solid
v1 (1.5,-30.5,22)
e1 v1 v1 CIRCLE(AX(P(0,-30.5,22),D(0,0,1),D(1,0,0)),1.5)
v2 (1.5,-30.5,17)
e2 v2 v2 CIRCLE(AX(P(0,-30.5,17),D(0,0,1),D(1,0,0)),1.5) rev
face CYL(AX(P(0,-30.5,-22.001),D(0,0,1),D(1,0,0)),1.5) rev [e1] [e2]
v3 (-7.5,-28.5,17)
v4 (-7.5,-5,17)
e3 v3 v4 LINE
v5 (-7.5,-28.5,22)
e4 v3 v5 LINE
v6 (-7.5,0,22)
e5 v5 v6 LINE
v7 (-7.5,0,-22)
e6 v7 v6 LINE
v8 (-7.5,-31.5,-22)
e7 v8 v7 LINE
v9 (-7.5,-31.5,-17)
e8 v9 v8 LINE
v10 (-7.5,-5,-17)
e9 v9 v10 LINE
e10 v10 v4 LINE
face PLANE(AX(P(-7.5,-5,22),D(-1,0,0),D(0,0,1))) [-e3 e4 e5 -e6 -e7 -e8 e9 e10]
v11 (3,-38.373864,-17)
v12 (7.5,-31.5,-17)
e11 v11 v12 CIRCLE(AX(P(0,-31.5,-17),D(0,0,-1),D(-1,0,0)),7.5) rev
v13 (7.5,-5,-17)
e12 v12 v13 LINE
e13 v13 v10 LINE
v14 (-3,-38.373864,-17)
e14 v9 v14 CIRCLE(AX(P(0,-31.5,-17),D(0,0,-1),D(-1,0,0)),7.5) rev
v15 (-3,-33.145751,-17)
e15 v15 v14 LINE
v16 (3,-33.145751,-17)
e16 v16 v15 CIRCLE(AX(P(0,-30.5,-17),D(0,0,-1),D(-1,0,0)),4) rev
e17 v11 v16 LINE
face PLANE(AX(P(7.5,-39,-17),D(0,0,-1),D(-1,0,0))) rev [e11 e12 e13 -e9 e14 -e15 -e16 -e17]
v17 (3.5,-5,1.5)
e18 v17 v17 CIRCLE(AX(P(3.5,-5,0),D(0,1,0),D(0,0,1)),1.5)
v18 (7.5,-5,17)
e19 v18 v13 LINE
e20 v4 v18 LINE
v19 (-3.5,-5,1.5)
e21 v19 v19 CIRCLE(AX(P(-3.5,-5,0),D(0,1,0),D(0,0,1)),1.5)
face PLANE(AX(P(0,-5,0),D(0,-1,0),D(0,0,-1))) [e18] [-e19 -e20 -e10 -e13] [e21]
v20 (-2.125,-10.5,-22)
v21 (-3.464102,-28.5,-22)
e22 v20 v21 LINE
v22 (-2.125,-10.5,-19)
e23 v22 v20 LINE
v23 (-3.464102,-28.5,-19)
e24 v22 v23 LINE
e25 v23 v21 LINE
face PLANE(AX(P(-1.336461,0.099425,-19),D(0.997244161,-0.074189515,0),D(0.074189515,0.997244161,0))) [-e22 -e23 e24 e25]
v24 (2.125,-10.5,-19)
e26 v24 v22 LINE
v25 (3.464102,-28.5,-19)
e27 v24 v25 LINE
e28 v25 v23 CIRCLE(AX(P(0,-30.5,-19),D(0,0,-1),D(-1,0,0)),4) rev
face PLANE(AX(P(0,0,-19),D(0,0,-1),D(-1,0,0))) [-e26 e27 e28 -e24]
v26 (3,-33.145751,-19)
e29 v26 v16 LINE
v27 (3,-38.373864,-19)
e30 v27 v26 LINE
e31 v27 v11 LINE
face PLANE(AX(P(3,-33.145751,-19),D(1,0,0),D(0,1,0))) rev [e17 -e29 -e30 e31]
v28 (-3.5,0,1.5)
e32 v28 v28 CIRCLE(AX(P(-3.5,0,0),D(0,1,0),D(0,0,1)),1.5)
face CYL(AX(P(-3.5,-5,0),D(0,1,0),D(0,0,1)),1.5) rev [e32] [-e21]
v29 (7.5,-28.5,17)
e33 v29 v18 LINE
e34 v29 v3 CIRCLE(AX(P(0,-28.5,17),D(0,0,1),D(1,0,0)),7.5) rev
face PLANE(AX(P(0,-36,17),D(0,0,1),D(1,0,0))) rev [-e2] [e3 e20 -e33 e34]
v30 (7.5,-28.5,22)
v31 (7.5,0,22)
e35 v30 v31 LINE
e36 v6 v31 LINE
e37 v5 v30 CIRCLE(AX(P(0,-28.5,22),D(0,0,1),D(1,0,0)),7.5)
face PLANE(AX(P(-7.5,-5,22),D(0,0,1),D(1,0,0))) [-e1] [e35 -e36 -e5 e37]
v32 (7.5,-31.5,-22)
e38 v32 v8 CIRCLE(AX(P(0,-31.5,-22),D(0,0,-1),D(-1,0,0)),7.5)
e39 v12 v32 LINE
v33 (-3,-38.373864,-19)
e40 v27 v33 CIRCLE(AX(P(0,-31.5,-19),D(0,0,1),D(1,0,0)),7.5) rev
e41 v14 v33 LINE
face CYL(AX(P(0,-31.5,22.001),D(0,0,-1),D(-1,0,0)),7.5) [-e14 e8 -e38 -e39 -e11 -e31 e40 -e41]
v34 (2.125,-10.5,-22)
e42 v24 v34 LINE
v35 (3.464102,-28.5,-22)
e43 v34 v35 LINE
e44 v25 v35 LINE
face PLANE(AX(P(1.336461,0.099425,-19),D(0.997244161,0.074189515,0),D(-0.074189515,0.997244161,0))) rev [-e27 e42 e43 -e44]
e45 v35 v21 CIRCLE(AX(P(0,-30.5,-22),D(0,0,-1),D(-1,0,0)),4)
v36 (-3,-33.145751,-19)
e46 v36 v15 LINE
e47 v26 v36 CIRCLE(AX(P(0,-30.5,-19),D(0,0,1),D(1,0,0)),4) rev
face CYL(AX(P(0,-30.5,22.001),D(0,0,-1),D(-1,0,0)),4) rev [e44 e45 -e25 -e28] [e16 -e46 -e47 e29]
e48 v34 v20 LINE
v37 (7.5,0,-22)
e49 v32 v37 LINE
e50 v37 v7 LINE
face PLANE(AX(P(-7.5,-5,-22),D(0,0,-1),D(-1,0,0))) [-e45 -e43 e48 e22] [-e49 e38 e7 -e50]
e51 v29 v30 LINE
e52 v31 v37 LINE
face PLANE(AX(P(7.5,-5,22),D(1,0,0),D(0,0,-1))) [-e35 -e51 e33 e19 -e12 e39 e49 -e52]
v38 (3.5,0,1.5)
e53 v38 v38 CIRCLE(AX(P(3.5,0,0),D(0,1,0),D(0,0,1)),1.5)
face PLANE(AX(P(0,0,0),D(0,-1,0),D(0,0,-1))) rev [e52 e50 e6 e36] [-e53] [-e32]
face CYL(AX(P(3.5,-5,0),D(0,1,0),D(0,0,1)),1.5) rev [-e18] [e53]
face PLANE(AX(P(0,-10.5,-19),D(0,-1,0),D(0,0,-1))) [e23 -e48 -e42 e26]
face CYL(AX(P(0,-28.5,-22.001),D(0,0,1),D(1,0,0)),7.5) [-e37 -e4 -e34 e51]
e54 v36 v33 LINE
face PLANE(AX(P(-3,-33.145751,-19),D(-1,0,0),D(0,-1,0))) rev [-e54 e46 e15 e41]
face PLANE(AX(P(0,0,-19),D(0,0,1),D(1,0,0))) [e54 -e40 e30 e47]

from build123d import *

# Parameters (mm, degrees)
CROQUIS1_W              = 15
CROQUIS1_H              = 44
CROQUIS1_R              = 1.5
SALIENTE_EXTRUIR1_DEPTH = 5
CROQUIS2_W              = 15
CROQUIS2_H              = 5
SALIENTE_EXTRUIR2_DEPTH = 34
CROQUIS2_3_W            = 15
CROQUIS2_3_H            = 5
SALIENTE_EXTRUIR3_DEPTH = 31
CORTAR_EXTRUIR1_REACH   = 61.273
CROQUIS3_R              = 1.5
CORTAR_EXTRUIR2_REACH   = 61.273
CROQUIS4_R              = 4
CROQUIS5_W              = 6
CROQUIS5_H              = 5.854248689
CORTAR_EXTRUIR3_DEPTH   = 2
CORTAR_EXTRUIR4_DEPTH   = 3


with BuildPart() as part:
    # Croquis1 → Saliente-Extruir1 (new body)
    with BuildSketch(Plane(origin=(0, 0, 0), x_dir=(1, 0, 0), z_dir=(0, 1, 0))):
        Rectangle(CROQUIS1_W, CROQUIS1_H)
        with Locations((3.5, 0)):
            Circle(CROQUIS1_R, mode=Mode.SUBTRACT)
        with Locations((-3.5, 0)):
            Circle(CROQUIS1_R, mode=Mode.SUBTRACT)
    extrude(amount=-SALIENTE_EXTRUIR1_DEPTH)

    # Croquis2 → Saliente-Extruir2 (add)
    with BuildSketch(Plane.XZ.offset(5)):
        with Locations((0, -19.5)):
            Rectangle(CROQUIS2_W, CROQUIS2_H)
    extrude(amount=SALIENTE_EXTRUIR2_DEPTH)

    # Croquis2<3> → Saliente-Extruir3 (add)
    with BuildSketch(Plane.XZ.offset(5)):
        with Locations((0, 19.5)):
            Rectangle(CROQUIS2_3_W, CROQUIS2_3_H)
    extrude(amount=SALIENTE_EXTRUIR3_DEPTH)

    # Croquis3 → Cortar-Extruir1 (cut, up to next)
    with BuildSketch(Plane.XY.offset(22), mode=Mode.PRIVATE) as cortar_extruir1_sk1:
        with BuildLine():
            ThreePointArc((0, -36), (-5.303300859, -33.803300859), (-7.5, -28.5))
            Line((-7.5, -28.5), (-7.5, -36))
            Line((-7.5, -36), (0, -36))
        make_face()
    cortar_extruir1_tool1 = extrude(cortar_extruir1_sk1.sketch, amount=-CORTAR_EXTRUIR1_REACH, mode=Mode.PRIVATE) & part.part
    # Croquis3 → Cortar-Extruir1 (cut, up to next)
    with BuildSketch(Plane.XY.offset(22), mode=Mode.PRIVATE) as cortar_extruir1_sk2:
        with BuildLine():
            Line((7.5, -36), (7.5, -28.5))
            ThreePointArc((7.5, -28.5), (5.303300859, -33.803300859), (0, -36))
            Line((0, -36), (7.5, -36))
        make_face()
    cortar_extruir1_tool2 = extrude(cortar_extruir1_sk2.sketch, amount=-CORTAR_EXTRUIR1_REACH, mode=Mode.PRIVATE) & part.part
    # Croquis3 → Cortar-Extruir1 (cut, up to next)
    with BuildSketch(Plane.XY.offset(22), mode=Mode.PRIVATE) as cortar_extruir1_sk3:
        with Locations((0, -30.5)):
            Circle(CROQUIS3_R)
    cortar_extruir1_tool3 = extrude(cortar_extruir1_sk3.sketch, amount=-CORTAR_EXTRUIR1_REACH, mode=Mode.PRIVATE) & part.part
    add(cortar_extruir1_tool1.solids().sort_by_distance((-5.82474, -34.32474, 22))[0], mode=Mode.SUBTRACT)
    add(cortar_extruir1_tool2.solids().sort_by_distance((5.82474, -34.32474, 22))[0], mode=Mode.SUBTRACT)
    add(cortar_extruir1_tool3.solids().sort_by_distance((0, -30.5, 22))[0], mode=Mode.SUBTRACT)

    # Croquis4 → Cortar-Extruir2 (cut, up to next)
    with BuildSketch(Plane(origin=(0, 0, -22), x_dir=(-1, 0, 0), z_dir=(0, 0, -1)), mode=Mode.PRIVATE) as cortar_extruir2_sk1:
        with Locations((0, -30.5)):
            Circle(CROQUIS4_R)
    cortar_extruir2_tool1 = extrude(cortar_extruir2_sk1.sketch, amount=-CORTAR_EXTRUIR2_REACH, mode=Mode.PRIVATE) & part.part
    # Croquis4 → Cortar-Extruir2 (cut, up to next)
    with BuildSketch(Plane(origin=(0, 0, -22), x_dir=(-1, 0, 0), z_dir=(0, 0, -1)), mode=Mode.PRIVATE) as cortar_extruir2_sk2:
        with BuildLine():
            Line((7.5, -39), (7.5, -31.5))
            ThreePointArc((7.5, -31.5), (5.303300859, -36.803300859), (0, -39))
            Line((0, -39), (7.5, -39))
        make_face()
    cortar_extruir2_tool2 = extrude(cortar_extruir2_sk2.sketch, amount=-CORTAR_EXTRUIR2_REACH, mode=Mode.PRIVATE) & part.part
    # Croquis4 → Cortar-Extruir2 (cut, up to next)
    with BuildSketch(Plane(origin=(0, 0, -22), x_dir=(-1, 0, 0), z_dir=(0, 0, -1)), mode=Mode.PRIVATE) as cortar_extruir2_sk3:
        with BuildLine():
            ThreePointArc((0, -39), (-5.303300862, -36.803300856), (-7.5, -31.499999991))
            Line((-7.5, -31.499999991), (-7.5, -39))
            Line((-7.5, -39), (0, -39))
        make_face()
    cortar_extruir2_tool3 = extrude(cortar_extruir2_sk3.sketch, amount=-CORTAR_EXTRUIR2_REACH, mode=Mode.PRIVATE) & part.part
    add(cortar_extruir2_tool1.solids().sort_by_distance((0, -30.5, -22))[0], mode=Mode.SUBTRACT)
    add(cortar_extruir2_tool2.solids().sort_by_distance((-5.82474, -37.32474, -22))[0], mode=Mode.SUBTRACT)
    add(cortar_extruir2_tool3.solids().sort_by_distance((5.82474, -37.32474, -22))[0], mode=Mode.SUBTRACT)

    # Croquis5 → Cortar-Extruir3 (cut)
    with BuildSketch(Plane.XY.offset(-17)):
        with Locations((0, -36.072875655)):
            Rectangle(CROQUIS5_W, CROQUIS5_H)
    extrude(amount=-CORTAR_EXTRUIR3_DEPTH, mode=Mode.SUBTRACT)

    # Croquis6 → Cortar-Extruir4 (cut)
    with BuildSketch(Plane(origin=(0, 0, -22), x_dir=(-1, 0, 0), z_dir=(0, 0, -1))):
        with BuildLine():
            Line((2.125, -10.5), (-2.125, -10.5))
            Line((-2.125, -10.5), (-3.464101615, -28.5))
            ThreePointArc((-3.464101615, -28.5), (0, -26.5), (3.464101615, -28.5))
            Line((3.464101615, -28.5), (2.125, -10.5))
        make_face()
    extrude(amount=-CORTAR_EXTRUIR4_DEPTH, mode=Mode.SUBTRACT)


solid = part.part
